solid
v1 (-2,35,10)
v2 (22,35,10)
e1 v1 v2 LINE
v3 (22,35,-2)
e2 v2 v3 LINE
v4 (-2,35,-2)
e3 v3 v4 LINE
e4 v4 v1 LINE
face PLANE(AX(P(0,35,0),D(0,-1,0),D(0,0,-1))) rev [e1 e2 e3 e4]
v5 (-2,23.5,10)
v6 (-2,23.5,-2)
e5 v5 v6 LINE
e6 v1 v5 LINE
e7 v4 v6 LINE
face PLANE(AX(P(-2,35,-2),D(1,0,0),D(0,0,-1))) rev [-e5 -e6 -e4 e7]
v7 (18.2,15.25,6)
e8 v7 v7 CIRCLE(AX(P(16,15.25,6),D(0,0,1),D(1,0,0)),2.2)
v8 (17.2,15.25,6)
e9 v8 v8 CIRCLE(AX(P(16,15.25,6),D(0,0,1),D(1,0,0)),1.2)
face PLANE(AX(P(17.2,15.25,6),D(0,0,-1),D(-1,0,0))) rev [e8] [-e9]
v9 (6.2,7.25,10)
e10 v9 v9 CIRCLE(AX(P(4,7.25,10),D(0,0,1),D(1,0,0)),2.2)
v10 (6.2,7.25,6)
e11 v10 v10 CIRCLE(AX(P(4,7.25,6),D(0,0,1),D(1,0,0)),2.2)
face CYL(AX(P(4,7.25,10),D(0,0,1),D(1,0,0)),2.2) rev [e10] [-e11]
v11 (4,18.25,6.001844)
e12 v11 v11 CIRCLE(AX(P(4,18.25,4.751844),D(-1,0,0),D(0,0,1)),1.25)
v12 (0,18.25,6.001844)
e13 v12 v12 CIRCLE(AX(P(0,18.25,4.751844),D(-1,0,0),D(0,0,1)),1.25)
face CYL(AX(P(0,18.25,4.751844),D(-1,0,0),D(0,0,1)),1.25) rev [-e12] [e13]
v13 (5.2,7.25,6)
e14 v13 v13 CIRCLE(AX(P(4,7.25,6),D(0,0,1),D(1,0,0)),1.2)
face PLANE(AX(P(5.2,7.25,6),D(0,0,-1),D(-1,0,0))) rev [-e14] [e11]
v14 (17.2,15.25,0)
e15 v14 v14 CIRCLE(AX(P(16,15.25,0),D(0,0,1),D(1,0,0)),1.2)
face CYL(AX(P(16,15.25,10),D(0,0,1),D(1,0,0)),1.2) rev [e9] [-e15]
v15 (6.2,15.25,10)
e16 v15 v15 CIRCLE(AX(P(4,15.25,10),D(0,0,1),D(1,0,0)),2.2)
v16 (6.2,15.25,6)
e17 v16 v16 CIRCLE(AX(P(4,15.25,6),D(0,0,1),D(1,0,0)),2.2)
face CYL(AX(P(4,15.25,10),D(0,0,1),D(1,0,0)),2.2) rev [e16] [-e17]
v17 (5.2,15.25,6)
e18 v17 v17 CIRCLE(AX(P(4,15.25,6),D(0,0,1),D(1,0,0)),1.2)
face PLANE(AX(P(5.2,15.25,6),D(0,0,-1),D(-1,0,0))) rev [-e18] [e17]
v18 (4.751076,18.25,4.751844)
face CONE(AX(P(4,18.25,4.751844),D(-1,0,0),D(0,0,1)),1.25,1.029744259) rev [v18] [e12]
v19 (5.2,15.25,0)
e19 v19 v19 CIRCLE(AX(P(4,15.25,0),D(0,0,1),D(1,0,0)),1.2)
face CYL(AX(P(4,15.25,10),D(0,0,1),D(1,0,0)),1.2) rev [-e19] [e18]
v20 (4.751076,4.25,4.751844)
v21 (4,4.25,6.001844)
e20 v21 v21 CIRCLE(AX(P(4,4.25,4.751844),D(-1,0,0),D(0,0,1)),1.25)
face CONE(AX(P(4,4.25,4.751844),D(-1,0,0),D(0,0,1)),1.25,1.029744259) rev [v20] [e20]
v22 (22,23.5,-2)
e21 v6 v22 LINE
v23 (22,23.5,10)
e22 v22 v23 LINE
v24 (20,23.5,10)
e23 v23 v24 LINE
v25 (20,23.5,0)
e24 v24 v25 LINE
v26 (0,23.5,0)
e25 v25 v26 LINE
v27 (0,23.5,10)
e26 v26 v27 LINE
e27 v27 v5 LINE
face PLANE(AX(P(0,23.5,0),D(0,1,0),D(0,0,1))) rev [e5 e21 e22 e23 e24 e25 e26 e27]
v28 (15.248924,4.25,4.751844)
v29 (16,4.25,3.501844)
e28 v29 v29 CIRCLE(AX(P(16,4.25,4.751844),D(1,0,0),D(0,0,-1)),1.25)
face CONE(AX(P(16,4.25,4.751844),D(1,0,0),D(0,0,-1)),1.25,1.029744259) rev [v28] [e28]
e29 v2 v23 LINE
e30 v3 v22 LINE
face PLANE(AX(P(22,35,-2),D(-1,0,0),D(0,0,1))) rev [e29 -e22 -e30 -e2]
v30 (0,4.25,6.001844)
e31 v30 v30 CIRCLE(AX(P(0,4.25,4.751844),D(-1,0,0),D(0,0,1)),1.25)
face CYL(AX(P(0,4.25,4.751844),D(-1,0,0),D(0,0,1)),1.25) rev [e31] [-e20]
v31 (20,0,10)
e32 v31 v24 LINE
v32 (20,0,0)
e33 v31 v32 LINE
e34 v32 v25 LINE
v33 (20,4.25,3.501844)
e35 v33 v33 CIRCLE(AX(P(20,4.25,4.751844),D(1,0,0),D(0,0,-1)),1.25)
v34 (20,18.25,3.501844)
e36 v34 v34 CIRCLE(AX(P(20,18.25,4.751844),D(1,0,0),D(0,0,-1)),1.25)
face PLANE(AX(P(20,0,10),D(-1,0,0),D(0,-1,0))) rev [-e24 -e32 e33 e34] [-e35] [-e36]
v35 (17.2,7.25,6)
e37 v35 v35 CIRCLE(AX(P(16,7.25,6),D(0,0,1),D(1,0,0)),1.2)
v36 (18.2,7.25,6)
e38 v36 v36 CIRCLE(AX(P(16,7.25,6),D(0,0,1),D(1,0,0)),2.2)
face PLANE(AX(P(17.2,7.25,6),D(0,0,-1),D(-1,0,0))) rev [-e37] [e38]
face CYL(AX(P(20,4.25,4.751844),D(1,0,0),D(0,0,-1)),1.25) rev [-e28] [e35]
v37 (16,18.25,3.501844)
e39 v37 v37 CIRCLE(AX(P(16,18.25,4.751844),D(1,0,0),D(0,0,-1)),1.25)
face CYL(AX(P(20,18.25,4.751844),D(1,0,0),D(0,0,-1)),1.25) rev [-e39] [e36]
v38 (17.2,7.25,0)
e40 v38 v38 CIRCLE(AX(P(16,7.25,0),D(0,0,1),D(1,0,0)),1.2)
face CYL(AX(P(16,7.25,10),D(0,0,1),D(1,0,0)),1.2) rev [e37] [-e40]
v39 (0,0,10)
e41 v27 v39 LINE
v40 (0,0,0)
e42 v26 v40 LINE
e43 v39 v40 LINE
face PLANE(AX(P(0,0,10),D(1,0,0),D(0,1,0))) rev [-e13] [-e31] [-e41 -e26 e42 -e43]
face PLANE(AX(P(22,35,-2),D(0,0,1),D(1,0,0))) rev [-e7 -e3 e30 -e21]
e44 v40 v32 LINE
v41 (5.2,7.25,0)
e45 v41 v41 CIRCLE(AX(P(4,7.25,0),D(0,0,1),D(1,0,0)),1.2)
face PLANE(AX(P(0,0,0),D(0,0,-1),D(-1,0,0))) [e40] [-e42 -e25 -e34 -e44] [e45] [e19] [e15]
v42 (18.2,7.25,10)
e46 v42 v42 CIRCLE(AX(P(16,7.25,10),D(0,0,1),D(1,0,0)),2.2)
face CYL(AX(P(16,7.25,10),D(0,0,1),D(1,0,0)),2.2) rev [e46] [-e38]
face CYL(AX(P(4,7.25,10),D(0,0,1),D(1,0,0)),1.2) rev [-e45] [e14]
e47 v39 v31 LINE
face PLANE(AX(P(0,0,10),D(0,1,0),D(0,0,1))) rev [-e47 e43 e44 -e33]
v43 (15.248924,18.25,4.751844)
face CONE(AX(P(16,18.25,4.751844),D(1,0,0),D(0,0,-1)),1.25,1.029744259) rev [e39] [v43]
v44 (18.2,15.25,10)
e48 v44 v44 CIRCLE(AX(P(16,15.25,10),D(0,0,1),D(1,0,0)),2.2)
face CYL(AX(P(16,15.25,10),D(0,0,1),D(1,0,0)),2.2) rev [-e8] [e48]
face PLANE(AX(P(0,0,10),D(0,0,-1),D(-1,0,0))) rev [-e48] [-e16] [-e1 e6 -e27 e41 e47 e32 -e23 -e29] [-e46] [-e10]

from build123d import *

# Parameters (mm, degrees)
SKETCH1_W                       = 20
SKETCH1_H                       = 22.5
BOSS_EXTRUDE1_DEPTH             = 10
CBORE_FOR_M2_SHCS1_D            = 2.4
CBORE_FOR_M2_SHCS1_CBORE_D      = 4.4
CBORE_FOR_M2_SHCS1_CBORE_DEPTH  = 4
SKETCH4_W                       = 24
SKETCH4_H                       = 12
BOSS_EXTRUDE2_DEPTH             = 12.5
TAP_DRILL_FOR_M3X0_5_TAP1_D     = 2.5
TAP_DRILL_FOR_M3X0_5_TAP1_DEPTH = 4
TAP_DRILL_FOR_M3X0_5_TAP1_TIP   = 0.751075774
TAP_DRILL_FOR_M3X0_5_TAP2_D     = 2.5
TAP_DRILL_FOR_M3X0_5_TAP2_DEPTH = 4
TAP_DRILL_FOR_M3X0_5_TAP2_TIP   = 0.751075774
CUT_EXTRUDE1_DEPTH              = 1


with BuildPart() as part:
    # Sketch1 → Boss-Extrude1 (new body)
    with BuildSketch(Plane.XY):
        with Locations((10, 11.25)):
            Rectangle(SKETCH1_W, SKETCH1_H)
    extrude(amount=BOSS_EXTRUDE1_DEPTH)

    # CBORE for M2 SHCS1 (through all)
    with Locations(Plane.XY.offset(10)):
        with Locations((4, 15.25), (16, 15.25), (16, 7.25), (4, 7.25)):
            CounterBoreHole(CBORE_FOR_M2_SHCS1_D / 2, CBORE_FOR_M2_SHCS1_CBORE_D / 2, CBORE_FOR_M2_SHCS1_CBORE_DEPTH)

    # Sketch4 → Boss-Extrude2 (add)
    with BuildSketch(Plane(origin=(0, 22.5, 0), x_dir=(1, 0, 0), z_dir=(0, 1, 0))):
        with Locations((10, -4)):
            Rectangle(SKETCH4_W, SKETCH4_H)
    extrude(amount=BOSS_EXTRUDE2_DEPTH)

    # Tap Drill for M3x0.5 Tap1
    with Locations(Plane(origin=(20, 0, 0), x_dir=(0, 0, -1), z_dir=(1, 0, 0))):
        with Locations((-4.751843682, 18.25), (-4.751843682, 4.25)):
            Hole(TAP_DRILL_FOR_M3X0_5_TAP1_D / 2, depth=TAP_DRILL_FOR_M3X0_5_TAP1_DEPTH)
            with Locations((0, 0, -(TAP_DRILL_FOR_M3X0_5_TAP1_DEPTH + TAP_DRILL_FOR_M3X0_5_TAP1_TIP / 2))):  # 118° drill point
                Cone(0, TAP_DRILL_FOR_M3X0_5_TAP1_D / 2, TAP_DRILL_FOR_M3X0_5_TAP1_TIP, mode=Mode.SUBTRACT)

    # Tap Drill for M3x0.5 Tap2
    with Locations(Plane.ZY):
        with Locations((4.751843682, 18.25), (4.751843682, 4.25)):
            Hole(TAP_DRILL_FOR_M3X0_5_TAP2_D / 2, depth=TAP_DRILL_FOR_M3X0_5_TAP2_DEPTH)
            with Locations((0, 0, -(TAP_DRILL_FOR_M3X0_5_TAP2_DEPTH + TAP_DRILL_FOR_M3X0_5_TAP2_TIP / 2))):  # 118° drill point
                Cone(0, TAP_DRILL_FOR_M3X0_5_TAP2_D / 2, TAP_DRILL_FOR_M3X0_5_TAP2_TIP, mode=Mode.SUBTRACT)

    # Sketch9 → Cut-Extrude1 (cut)
    with BuildSketch(Plane.XZ.offset(-22.5)):
        Polygon((0, 0), (0, 10), (-2, 10), (-2, -2), (22, -2), (22, 10), (20, 10), (20, 0), align=None)
    extrude(amount=-CUT_EXTRUDE1_DEPTH, mode=Mode.SUBTRACT)


solid = part.part
